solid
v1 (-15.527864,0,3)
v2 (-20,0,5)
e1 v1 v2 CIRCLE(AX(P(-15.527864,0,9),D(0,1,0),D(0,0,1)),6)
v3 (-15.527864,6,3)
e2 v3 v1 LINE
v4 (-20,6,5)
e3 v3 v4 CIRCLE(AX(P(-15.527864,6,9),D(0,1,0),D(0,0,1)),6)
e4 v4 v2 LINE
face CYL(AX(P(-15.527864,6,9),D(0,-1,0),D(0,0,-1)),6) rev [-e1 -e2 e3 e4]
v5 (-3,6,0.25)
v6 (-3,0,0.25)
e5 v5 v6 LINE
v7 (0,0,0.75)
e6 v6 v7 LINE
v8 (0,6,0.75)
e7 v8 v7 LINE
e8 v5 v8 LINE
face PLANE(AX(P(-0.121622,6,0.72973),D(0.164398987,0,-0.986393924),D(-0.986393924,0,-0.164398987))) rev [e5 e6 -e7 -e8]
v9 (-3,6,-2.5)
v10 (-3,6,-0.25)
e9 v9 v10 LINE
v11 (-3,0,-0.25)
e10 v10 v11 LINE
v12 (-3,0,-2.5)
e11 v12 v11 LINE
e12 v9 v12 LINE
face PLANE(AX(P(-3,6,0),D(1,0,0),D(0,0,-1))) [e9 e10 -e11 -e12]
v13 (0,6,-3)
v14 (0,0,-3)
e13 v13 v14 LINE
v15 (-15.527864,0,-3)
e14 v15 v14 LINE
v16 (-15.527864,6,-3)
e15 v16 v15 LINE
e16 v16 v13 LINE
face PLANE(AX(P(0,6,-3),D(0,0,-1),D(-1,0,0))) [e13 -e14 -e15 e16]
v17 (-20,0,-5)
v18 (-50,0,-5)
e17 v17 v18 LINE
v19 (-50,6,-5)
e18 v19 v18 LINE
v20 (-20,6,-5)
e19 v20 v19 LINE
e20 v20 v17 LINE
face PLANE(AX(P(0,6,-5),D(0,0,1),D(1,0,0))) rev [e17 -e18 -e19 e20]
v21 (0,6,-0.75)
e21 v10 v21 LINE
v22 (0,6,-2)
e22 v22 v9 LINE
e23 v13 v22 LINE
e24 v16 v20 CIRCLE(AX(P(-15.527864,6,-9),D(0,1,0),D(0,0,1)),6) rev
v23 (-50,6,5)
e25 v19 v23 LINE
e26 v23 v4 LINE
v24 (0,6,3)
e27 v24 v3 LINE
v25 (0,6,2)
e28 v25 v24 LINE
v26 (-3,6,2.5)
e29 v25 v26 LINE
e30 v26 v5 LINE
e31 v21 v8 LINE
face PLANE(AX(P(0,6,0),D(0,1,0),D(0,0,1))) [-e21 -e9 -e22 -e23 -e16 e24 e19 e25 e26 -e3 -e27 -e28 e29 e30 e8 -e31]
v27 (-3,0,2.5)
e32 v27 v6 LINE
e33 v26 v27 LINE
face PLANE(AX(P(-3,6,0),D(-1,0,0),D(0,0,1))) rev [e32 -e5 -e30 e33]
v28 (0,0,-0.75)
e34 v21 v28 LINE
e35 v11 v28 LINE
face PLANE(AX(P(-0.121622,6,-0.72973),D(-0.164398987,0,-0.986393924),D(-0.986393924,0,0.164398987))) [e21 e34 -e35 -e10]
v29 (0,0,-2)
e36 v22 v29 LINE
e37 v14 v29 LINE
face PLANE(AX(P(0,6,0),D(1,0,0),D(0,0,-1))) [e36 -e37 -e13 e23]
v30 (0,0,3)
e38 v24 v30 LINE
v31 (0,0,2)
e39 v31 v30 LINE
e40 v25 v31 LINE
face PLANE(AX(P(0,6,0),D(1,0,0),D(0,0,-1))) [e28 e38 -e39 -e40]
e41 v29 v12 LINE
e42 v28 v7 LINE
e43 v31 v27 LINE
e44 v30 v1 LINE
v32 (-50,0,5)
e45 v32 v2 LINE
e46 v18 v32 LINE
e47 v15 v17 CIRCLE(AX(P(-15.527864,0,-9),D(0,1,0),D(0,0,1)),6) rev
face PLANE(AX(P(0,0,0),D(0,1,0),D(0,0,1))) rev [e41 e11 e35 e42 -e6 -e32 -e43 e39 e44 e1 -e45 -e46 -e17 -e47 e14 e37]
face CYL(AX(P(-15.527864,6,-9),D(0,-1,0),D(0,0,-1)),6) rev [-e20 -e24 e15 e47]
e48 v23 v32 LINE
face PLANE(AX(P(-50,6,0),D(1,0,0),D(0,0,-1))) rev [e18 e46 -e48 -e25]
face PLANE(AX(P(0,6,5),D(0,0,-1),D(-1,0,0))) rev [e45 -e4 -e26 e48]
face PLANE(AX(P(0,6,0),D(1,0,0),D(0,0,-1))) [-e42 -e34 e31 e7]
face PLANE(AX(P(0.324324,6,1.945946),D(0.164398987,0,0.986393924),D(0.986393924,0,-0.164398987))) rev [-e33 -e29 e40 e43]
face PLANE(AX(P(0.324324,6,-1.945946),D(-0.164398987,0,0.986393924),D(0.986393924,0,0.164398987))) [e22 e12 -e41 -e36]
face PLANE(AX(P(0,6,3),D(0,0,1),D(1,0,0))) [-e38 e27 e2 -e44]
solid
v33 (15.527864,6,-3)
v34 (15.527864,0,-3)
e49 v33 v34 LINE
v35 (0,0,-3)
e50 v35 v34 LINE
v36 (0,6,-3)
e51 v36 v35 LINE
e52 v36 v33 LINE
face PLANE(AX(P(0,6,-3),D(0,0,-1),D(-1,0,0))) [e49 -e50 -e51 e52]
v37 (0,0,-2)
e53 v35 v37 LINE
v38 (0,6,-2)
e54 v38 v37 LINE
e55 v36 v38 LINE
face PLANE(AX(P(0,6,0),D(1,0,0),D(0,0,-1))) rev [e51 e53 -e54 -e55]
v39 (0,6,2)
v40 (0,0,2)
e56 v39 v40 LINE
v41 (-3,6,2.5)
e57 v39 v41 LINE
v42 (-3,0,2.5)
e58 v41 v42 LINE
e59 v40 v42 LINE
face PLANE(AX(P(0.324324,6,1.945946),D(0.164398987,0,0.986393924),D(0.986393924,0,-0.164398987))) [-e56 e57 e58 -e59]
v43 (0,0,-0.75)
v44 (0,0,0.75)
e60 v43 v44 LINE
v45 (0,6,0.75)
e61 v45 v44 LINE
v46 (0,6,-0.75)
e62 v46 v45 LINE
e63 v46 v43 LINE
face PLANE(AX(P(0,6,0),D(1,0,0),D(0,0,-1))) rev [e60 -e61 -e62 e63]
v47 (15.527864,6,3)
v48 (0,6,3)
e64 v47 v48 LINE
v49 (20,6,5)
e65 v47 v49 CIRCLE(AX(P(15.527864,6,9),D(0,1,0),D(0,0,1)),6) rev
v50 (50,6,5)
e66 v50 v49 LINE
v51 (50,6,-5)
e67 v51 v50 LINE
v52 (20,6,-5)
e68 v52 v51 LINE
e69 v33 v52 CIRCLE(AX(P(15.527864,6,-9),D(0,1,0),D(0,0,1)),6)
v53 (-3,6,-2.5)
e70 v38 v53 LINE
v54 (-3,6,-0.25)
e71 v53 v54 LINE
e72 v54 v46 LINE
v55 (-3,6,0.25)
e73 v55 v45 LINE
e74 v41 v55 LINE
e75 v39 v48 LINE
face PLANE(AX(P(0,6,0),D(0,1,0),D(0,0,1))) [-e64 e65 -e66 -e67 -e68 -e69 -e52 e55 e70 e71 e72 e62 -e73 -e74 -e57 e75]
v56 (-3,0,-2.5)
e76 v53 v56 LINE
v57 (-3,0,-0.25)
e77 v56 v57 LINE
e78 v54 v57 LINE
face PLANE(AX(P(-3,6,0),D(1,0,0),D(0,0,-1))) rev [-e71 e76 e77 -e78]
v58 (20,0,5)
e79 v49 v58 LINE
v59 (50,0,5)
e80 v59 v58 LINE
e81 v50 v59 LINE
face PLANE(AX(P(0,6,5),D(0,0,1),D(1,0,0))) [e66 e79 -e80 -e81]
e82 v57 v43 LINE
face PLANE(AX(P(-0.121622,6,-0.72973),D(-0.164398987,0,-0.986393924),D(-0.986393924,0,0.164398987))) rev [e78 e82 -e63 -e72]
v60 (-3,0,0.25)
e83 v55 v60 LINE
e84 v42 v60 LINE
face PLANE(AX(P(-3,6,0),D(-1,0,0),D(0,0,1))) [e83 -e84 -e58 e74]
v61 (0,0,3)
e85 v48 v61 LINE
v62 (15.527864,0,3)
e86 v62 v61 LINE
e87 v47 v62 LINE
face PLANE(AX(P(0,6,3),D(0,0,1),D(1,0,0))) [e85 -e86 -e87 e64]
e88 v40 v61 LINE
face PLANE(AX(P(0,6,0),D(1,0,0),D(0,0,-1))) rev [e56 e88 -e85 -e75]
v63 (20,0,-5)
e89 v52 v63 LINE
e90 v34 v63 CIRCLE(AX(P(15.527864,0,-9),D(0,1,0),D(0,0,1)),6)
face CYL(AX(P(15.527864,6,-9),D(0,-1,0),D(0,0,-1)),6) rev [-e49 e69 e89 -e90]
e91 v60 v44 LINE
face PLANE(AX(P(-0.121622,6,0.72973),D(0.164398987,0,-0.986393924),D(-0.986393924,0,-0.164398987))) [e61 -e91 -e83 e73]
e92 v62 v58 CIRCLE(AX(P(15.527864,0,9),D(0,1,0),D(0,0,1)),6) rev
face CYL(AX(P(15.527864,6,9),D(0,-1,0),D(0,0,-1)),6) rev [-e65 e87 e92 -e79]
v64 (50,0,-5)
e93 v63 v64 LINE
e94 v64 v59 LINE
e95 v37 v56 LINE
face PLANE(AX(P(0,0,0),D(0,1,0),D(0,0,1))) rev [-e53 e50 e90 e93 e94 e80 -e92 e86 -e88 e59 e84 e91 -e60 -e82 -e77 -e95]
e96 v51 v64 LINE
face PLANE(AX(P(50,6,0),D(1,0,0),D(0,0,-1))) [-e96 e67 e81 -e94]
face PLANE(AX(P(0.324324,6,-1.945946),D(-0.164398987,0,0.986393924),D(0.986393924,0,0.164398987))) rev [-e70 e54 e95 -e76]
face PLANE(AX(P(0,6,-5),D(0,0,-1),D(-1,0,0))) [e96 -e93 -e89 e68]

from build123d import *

# Parameters (mm, degrees)
BOSS_EXTRUDE1_DEPTH = 6
BOSS_EXTRUDE3_DEPTH = 6


with BuildPart() as part:
    # Sketch1 → Boss-Extrude1 (new body)
    with BuildSketch(Plane(origin=(0, 0, 0), x_dir=(1, 0, 0), z_dir=(0, 1, 0))):
        with BuildLine():
            Line((-15.527864045, -3), (0, -3))
            Line((0, -3), (0, -2))
            Line((0, -2), (-3, -2.5))
            Line((-3, -2.5), (-3, -0.25))
            Line((-3, -0.25), (0, -0.75))
            Line((0, -0.75), (0, 0.75))
            Line((0, 0.75), (-3, 0.25))
            Line((-3, 0.25), (-3, 2.5))
            Line((-3, 2.5), (0, 2))
            Line((0, 2), (0, 3))
            Line((0, 3), (-15.527864045, 3))
            ThreePointArc((-15.527864045, 3), (-17.977353788, 3.522774425), (-20, 5))
            Line((-20, 5), (-50, 5))
            Line((-50, 5), (-50, -5))
            Line((-50, -5), (-20, -5))
            ThreePointArc((-20, -5), (-17.977353788, -3.522774425), (-15.527864045, -3))
        make_face()
    extrude(amount=BOSS_EXTRUDE1_DEPTH)


with BuildPart() as body_2:
    # Sketch1<4> → Boss-Extrude3 (new body)
    with BuildSketch(Plane(origin=(0, 0, 0), x_dir=(1, 0, 0), z_dir=(0, 1, 0))):
        with BuildLine():
            Line((0, -3), (15.527864045, -3))
            ThreePointArc((15.527864045, -3), (17.977353788, -3.522774425), (20, -5))
            Line((20, -5), (50, -5))
            Line((50, -5), (50, 5))
            Line((50, 5), (20, 5))
            ThreePointArc((20, 5), (17.977353788, 3.522774425), (15.527864045, 3))
            Line((15.527864045, 3), (0, 3))
            Line((0, 3), (0, 2))
            Line((0, 2), (-3, 2.5))
            Line((-3, 2.5), (-3, 0.25))
            Line((-3, 0.25), (0, 0.75))
            Line((0, 0.75), (0, -0.75))
            Line((0, -0.75), (-3, -0.25))
            Line((-3, -0.25), (-3, -2.5))
            Line((-3, -2.5), (0, -2))
            Line((0, -2), (0, -3))
        make_face()
    extrude(amount=BOSS_EXTRUDE3_DEPTH)


solid = Compound([part.part, body_2.part])
